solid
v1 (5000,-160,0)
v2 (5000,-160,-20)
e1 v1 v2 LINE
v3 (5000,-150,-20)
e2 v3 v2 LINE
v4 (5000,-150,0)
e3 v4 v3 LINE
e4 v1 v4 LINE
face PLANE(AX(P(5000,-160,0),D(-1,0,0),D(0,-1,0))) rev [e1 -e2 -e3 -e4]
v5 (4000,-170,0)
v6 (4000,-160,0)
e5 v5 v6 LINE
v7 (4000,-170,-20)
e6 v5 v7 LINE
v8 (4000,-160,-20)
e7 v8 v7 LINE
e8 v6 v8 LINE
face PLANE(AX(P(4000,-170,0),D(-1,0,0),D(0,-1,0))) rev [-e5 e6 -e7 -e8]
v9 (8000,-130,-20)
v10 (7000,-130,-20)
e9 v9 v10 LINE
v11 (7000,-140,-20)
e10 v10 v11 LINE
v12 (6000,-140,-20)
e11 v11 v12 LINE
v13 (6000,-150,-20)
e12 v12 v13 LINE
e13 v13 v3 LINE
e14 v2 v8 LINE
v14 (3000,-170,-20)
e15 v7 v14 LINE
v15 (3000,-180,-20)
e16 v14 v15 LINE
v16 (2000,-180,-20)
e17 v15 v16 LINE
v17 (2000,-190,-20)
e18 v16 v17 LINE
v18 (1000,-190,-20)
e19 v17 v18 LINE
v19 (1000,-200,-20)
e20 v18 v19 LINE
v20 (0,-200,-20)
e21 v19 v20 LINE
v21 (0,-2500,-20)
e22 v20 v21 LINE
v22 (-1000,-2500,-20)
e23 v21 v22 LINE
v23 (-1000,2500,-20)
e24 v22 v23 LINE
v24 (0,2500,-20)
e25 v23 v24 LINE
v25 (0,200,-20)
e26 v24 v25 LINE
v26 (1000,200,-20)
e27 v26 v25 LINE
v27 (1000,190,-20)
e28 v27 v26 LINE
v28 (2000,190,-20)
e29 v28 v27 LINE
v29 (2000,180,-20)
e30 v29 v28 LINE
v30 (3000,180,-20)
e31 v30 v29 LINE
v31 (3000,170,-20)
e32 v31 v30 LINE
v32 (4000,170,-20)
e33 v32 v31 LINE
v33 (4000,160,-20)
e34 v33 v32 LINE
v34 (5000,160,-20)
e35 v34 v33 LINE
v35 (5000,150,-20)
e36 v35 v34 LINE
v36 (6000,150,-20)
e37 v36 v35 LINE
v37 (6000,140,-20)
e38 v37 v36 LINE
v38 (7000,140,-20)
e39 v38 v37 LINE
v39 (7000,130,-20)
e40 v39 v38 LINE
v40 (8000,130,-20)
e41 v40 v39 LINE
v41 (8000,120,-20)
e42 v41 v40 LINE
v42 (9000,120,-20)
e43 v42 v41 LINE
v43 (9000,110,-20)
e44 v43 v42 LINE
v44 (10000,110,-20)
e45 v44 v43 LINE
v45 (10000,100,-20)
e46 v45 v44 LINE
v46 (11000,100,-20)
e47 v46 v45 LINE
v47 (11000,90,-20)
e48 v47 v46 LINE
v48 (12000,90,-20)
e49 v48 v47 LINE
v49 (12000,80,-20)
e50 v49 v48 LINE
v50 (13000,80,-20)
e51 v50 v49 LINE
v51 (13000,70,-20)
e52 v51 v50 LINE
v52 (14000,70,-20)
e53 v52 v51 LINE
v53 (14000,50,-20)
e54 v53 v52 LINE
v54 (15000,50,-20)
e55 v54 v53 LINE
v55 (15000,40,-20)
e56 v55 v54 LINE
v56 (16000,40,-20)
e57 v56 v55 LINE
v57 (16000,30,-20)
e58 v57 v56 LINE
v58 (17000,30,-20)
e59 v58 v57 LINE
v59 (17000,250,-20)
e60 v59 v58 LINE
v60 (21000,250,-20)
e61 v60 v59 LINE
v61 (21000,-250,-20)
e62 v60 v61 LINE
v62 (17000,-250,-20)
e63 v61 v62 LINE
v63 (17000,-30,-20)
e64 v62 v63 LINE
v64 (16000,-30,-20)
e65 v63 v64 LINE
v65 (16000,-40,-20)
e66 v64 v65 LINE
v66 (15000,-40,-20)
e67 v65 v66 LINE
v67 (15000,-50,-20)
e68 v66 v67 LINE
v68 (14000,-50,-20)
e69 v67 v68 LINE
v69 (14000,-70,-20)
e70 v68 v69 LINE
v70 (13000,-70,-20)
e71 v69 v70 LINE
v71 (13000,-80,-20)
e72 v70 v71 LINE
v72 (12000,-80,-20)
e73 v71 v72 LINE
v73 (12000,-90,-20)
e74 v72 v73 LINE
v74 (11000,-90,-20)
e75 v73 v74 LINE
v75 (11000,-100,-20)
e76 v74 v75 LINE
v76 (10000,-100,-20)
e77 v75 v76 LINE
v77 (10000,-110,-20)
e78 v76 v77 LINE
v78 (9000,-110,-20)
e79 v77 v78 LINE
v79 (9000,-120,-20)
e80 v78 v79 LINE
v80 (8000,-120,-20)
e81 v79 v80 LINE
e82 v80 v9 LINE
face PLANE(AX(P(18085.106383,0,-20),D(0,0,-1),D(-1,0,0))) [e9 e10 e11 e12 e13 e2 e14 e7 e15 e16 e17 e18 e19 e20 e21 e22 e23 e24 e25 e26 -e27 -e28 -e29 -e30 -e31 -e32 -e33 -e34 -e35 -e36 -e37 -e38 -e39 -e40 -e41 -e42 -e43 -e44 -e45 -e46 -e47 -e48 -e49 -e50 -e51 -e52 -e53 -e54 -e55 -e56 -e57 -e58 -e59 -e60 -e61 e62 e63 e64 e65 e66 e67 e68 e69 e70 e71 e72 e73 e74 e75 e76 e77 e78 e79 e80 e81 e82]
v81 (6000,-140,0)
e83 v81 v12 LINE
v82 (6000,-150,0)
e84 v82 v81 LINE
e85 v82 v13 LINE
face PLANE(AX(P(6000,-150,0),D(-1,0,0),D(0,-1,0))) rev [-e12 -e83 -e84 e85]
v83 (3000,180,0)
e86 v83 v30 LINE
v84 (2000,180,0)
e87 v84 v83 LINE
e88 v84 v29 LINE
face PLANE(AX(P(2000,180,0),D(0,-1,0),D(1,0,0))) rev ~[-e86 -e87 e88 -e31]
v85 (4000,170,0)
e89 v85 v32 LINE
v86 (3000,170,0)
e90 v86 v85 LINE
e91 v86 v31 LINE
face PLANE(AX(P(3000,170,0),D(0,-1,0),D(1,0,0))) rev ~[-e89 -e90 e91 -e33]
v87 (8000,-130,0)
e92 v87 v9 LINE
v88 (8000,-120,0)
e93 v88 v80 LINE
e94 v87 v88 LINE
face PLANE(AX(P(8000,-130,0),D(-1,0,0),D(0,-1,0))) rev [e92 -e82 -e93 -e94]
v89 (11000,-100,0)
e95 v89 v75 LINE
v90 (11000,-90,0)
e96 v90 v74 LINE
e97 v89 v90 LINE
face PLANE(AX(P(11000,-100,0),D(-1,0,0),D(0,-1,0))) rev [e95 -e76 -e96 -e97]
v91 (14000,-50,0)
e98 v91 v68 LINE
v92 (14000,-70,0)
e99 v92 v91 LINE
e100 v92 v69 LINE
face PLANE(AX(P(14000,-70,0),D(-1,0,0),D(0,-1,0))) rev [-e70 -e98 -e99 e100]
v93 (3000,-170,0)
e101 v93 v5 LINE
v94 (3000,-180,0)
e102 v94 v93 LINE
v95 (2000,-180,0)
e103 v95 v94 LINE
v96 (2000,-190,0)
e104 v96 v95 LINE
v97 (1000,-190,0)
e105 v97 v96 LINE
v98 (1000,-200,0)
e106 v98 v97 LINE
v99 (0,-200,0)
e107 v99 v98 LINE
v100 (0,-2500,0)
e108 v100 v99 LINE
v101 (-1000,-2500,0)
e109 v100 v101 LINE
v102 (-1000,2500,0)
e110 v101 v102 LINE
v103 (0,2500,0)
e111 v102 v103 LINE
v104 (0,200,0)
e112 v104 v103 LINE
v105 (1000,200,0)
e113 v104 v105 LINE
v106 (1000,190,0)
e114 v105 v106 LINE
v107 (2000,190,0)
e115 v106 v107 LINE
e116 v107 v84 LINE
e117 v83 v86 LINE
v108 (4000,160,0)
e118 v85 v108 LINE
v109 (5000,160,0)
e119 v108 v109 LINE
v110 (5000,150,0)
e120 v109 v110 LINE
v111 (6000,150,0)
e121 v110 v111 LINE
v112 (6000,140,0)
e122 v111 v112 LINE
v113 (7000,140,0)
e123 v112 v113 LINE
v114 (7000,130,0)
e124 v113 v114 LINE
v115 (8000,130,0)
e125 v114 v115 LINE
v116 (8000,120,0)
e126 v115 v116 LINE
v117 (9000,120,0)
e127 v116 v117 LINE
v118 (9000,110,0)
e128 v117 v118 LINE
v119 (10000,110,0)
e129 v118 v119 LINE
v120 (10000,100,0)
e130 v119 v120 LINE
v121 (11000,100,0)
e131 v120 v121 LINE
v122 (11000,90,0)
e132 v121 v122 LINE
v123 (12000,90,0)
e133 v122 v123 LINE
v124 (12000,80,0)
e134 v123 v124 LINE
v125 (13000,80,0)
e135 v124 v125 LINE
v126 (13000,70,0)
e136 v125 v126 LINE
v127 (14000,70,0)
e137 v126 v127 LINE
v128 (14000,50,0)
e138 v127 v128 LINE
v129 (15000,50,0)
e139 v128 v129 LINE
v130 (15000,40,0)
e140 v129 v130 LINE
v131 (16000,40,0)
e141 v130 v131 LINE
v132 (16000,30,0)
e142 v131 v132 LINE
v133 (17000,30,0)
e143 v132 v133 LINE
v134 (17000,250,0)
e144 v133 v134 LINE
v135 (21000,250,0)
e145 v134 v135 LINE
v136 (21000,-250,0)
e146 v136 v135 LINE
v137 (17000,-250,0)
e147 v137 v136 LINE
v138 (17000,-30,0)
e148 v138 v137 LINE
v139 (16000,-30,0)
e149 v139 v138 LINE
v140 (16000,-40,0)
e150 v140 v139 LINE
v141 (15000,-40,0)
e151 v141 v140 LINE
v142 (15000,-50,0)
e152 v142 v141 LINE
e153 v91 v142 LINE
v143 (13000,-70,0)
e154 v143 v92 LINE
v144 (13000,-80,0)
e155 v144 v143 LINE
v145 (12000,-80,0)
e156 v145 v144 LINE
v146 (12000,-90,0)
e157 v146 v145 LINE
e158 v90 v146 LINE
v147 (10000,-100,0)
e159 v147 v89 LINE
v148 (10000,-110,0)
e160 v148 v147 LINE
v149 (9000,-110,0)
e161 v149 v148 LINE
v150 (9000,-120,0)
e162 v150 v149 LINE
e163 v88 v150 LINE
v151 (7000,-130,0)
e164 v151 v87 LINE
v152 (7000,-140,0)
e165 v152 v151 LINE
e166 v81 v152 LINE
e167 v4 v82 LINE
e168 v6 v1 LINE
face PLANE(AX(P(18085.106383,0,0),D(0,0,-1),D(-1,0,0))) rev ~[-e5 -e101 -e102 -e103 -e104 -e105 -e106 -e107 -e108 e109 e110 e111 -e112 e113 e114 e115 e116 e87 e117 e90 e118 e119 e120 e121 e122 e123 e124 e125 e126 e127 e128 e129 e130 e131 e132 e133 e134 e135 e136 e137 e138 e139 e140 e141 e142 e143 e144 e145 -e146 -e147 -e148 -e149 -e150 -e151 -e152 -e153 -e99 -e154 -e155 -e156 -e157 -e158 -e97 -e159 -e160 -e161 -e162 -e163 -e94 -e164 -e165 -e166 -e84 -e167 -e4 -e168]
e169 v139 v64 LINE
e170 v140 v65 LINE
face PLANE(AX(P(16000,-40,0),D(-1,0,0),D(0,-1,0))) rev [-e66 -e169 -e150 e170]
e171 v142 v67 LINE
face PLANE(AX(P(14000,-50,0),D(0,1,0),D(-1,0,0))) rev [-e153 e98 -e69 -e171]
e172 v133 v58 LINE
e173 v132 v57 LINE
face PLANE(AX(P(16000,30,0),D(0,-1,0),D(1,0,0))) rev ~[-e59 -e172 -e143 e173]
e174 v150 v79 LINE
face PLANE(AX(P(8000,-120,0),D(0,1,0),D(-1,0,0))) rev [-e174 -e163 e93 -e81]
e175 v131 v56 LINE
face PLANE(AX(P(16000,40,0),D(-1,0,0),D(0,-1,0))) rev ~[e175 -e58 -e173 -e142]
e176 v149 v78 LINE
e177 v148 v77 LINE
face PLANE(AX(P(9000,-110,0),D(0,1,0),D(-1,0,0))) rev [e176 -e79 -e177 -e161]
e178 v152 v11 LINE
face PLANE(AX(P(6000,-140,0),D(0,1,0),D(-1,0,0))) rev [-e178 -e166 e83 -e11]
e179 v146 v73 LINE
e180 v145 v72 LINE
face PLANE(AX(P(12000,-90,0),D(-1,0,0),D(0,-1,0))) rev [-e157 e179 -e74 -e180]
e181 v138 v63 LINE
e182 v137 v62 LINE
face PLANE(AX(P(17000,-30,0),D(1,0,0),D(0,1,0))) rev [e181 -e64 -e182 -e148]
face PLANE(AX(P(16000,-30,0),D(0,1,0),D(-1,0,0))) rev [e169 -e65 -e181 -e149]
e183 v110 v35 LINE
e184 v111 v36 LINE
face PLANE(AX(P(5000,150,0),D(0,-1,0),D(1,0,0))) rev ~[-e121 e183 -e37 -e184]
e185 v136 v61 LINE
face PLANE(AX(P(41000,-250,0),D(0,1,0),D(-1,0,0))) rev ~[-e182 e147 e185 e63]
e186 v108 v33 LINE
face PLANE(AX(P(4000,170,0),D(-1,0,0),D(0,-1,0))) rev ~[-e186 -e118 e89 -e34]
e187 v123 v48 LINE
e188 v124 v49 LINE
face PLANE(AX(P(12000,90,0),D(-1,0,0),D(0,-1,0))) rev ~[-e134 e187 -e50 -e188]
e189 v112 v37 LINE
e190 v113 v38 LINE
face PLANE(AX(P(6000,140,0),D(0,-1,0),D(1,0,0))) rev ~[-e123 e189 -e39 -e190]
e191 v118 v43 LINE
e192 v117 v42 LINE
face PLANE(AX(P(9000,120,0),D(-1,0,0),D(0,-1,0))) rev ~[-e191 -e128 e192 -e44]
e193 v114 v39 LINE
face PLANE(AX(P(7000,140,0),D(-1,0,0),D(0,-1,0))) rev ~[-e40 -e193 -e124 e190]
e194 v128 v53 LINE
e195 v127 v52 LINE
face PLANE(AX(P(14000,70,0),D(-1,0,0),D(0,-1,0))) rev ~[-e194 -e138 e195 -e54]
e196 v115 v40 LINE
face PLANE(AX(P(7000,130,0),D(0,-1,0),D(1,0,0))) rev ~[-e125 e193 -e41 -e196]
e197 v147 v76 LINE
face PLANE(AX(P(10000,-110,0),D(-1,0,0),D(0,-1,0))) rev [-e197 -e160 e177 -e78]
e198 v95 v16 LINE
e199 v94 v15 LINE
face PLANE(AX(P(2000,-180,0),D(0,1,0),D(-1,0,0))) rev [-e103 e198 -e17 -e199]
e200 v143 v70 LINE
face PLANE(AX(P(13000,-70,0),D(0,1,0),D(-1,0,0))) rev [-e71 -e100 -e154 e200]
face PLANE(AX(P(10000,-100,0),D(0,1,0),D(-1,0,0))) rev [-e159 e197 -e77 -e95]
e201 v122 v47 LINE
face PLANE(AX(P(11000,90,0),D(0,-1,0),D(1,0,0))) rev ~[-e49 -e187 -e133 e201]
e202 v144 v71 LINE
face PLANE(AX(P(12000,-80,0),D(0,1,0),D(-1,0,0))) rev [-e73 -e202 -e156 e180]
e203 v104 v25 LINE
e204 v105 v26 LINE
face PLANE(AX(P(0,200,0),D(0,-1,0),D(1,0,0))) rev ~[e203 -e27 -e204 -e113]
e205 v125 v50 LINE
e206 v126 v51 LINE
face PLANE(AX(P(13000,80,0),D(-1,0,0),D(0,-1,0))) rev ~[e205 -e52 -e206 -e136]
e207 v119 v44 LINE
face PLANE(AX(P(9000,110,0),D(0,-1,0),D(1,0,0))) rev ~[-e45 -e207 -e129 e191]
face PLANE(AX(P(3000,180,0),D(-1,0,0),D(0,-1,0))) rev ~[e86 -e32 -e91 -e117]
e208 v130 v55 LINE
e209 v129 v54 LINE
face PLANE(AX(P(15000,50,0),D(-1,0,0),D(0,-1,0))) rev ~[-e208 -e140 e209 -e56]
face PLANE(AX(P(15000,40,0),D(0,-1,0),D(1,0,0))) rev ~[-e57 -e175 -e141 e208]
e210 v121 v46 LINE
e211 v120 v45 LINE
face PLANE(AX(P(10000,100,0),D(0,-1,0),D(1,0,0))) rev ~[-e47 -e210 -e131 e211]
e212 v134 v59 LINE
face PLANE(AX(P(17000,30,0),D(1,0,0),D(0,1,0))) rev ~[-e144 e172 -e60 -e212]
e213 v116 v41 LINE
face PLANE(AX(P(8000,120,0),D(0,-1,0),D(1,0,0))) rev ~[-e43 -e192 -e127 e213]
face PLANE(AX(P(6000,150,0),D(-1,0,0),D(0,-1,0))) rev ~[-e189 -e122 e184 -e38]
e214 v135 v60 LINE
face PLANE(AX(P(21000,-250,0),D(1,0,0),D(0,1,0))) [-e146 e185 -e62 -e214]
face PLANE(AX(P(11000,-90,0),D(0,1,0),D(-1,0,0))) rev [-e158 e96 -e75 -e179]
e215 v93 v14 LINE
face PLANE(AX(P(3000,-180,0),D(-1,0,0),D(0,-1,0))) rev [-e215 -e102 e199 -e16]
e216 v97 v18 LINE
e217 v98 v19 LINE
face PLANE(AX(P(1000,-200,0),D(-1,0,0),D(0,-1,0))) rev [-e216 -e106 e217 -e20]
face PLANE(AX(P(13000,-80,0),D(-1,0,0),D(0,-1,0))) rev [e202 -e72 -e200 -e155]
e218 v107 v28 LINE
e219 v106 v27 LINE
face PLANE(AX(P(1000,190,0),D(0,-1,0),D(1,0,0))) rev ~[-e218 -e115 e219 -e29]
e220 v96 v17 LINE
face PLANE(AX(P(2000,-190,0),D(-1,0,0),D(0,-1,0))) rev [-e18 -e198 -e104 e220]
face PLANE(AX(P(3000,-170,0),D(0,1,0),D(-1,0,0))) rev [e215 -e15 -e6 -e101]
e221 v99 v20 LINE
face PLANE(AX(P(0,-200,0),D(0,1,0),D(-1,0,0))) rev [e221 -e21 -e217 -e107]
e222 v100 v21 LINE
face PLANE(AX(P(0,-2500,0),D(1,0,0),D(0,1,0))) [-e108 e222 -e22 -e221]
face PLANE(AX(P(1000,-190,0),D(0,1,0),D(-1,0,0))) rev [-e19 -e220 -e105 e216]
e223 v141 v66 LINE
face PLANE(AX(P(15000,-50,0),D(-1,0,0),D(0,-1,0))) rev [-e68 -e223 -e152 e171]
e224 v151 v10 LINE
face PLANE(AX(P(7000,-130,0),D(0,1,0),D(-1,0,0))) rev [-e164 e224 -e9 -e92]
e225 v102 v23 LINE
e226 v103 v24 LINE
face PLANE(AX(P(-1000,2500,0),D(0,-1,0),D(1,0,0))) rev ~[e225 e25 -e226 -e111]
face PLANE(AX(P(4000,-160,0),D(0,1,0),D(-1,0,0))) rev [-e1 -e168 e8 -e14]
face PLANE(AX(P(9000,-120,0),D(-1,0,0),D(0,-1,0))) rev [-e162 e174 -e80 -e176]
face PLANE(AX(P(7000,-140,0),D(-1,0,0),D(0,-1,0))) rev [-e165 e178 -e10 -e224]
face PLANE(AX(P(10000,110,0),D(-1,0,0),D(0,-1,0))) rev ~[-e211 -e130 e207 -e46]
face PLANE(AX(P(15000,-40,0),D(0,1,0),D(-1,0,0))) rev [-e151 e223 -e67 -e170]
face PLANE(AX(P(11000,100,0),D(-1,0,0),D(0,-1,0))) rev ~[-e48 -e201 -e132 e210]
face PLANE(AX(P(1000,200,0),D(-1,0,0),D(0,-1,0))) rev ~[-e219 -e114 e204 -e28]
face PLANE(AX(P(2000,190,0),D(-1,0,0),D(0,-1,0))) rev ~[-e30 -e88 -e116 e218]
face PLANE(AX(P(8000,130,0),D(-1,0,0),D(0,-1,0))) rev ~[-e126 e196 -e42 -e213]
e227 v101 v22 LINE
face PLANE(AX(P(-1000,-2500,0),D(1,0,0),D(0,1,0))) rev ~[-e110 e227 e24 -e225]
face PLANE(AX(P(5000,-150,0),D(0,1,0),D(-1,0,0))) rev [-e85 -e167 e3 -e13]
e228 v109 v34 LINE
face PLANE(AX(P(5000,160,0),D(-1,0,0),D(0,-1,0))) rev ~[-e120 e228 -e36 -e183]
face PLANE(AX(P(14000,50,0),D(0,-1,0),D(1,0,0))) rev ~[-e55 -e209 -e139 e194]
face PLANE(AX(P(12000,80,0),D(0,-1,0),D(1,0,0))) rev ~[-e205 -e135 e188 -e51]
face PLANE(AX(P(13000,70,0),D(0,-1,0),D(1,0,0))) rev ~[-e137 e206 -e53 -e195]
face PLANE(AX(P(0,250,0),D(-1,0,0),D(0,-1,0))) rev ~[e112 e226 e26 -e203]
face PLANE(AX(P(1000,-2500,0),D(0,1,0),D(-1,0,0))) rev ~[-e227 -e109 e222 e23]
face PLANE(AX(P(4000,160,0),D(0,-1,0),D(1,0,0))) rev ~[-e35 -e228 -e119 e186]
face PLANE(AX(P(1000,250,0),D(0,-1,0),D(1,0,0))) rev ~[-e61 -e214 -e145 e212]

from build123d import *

# Parameters (mm, degrees)
BOSS_EXTRUDE1_DEPTH = 20
SKETCH2_W           = 1000
SKETCH2_H           = 2250
CUT_EXTRUDE1_DEPTH  = 41077.153666087
CUT_EXTRUDE3_DEPTH  = 41077.153666087
SKETCH4_W           = 20000
SKETCH4_H           = 500
CUT_EXTRUDE4_DEPTH  = 41077.153666087


with BuildPart() as part:
    # Sketch1 → Boss-Extrude1 (new body)
    with BuildSketch(Plane.XY):
        Polygon((1000, 250), (41000, 250), (41000, -250), (1000, -250), (1000, -2500), (-1000, -2500), (-1000, 2500), (1000, 2500), align=None)
    extrude(amount=-BOSS_EXTRUDE1_DEPTH)

    # Sketch2 → Cut-Extrude1 (cut, through all)
    with BuildSketch(Plane.XY):
        with Locations((500, 1375)):
            Rectangle(SKETCH2_W, SKETCH2_H)
        with Locations((500, -1375)):
            Rectangle(SKETCH2_W, SKETCH2_H)
    extrude(amount=-CUT_EXTRUDE1_DEPTH, mode=Mode.SUBTRACT)

    # Sketch3 → Cut-Extrude3 (cut, through all)
    with BuildSketch(Plane.XY):
        Polygon((0, 250), (0, 200), (1000, 200), (1000, 190), (2000, 190), (2000, 180), (3000, 180), (3000, 170), (4000, 170), (4000, 160), (5000, 160), (5000, 150), (6000, 150), (6000, 140), (7000, 140), (7000, 130), (8000, 130), (8000, 120), (9000, 120), (9000, 110), (10000, 110), (10000, 100), (11000, 100), (11000, 90), (12000, 90), (12000, 80), (13000, 80), (13000, 70), (14000, 70), (14000, 50), (15000, 50), (15000, 40), (16000, 40), (16000, 30), (17000, 30), (17000, 250), align=None)
    cut_extrude3 = extrude(amount=-CUT_EXTRUDE3_DEPTH, mode=Mode.SUBTRACT)

    # Mirror1: Cut-Extrude3 across plane
    add(cut_extrude3.mirror(Plane.ZX), mode=Mode.SUBTRACT)

    # Sketch4 → Cut-Extrude4 (cut, through all)
    with BuildSketch(Plane.XY):
        with Locations((31000, 0)):
            Rectangle(SKETCH4_W, SKETCH4_H)
    extrude(amount=-CUT_EXTRUDE4_DEPTH, mode=Mode.SUBTRACT)


solid = part.part
